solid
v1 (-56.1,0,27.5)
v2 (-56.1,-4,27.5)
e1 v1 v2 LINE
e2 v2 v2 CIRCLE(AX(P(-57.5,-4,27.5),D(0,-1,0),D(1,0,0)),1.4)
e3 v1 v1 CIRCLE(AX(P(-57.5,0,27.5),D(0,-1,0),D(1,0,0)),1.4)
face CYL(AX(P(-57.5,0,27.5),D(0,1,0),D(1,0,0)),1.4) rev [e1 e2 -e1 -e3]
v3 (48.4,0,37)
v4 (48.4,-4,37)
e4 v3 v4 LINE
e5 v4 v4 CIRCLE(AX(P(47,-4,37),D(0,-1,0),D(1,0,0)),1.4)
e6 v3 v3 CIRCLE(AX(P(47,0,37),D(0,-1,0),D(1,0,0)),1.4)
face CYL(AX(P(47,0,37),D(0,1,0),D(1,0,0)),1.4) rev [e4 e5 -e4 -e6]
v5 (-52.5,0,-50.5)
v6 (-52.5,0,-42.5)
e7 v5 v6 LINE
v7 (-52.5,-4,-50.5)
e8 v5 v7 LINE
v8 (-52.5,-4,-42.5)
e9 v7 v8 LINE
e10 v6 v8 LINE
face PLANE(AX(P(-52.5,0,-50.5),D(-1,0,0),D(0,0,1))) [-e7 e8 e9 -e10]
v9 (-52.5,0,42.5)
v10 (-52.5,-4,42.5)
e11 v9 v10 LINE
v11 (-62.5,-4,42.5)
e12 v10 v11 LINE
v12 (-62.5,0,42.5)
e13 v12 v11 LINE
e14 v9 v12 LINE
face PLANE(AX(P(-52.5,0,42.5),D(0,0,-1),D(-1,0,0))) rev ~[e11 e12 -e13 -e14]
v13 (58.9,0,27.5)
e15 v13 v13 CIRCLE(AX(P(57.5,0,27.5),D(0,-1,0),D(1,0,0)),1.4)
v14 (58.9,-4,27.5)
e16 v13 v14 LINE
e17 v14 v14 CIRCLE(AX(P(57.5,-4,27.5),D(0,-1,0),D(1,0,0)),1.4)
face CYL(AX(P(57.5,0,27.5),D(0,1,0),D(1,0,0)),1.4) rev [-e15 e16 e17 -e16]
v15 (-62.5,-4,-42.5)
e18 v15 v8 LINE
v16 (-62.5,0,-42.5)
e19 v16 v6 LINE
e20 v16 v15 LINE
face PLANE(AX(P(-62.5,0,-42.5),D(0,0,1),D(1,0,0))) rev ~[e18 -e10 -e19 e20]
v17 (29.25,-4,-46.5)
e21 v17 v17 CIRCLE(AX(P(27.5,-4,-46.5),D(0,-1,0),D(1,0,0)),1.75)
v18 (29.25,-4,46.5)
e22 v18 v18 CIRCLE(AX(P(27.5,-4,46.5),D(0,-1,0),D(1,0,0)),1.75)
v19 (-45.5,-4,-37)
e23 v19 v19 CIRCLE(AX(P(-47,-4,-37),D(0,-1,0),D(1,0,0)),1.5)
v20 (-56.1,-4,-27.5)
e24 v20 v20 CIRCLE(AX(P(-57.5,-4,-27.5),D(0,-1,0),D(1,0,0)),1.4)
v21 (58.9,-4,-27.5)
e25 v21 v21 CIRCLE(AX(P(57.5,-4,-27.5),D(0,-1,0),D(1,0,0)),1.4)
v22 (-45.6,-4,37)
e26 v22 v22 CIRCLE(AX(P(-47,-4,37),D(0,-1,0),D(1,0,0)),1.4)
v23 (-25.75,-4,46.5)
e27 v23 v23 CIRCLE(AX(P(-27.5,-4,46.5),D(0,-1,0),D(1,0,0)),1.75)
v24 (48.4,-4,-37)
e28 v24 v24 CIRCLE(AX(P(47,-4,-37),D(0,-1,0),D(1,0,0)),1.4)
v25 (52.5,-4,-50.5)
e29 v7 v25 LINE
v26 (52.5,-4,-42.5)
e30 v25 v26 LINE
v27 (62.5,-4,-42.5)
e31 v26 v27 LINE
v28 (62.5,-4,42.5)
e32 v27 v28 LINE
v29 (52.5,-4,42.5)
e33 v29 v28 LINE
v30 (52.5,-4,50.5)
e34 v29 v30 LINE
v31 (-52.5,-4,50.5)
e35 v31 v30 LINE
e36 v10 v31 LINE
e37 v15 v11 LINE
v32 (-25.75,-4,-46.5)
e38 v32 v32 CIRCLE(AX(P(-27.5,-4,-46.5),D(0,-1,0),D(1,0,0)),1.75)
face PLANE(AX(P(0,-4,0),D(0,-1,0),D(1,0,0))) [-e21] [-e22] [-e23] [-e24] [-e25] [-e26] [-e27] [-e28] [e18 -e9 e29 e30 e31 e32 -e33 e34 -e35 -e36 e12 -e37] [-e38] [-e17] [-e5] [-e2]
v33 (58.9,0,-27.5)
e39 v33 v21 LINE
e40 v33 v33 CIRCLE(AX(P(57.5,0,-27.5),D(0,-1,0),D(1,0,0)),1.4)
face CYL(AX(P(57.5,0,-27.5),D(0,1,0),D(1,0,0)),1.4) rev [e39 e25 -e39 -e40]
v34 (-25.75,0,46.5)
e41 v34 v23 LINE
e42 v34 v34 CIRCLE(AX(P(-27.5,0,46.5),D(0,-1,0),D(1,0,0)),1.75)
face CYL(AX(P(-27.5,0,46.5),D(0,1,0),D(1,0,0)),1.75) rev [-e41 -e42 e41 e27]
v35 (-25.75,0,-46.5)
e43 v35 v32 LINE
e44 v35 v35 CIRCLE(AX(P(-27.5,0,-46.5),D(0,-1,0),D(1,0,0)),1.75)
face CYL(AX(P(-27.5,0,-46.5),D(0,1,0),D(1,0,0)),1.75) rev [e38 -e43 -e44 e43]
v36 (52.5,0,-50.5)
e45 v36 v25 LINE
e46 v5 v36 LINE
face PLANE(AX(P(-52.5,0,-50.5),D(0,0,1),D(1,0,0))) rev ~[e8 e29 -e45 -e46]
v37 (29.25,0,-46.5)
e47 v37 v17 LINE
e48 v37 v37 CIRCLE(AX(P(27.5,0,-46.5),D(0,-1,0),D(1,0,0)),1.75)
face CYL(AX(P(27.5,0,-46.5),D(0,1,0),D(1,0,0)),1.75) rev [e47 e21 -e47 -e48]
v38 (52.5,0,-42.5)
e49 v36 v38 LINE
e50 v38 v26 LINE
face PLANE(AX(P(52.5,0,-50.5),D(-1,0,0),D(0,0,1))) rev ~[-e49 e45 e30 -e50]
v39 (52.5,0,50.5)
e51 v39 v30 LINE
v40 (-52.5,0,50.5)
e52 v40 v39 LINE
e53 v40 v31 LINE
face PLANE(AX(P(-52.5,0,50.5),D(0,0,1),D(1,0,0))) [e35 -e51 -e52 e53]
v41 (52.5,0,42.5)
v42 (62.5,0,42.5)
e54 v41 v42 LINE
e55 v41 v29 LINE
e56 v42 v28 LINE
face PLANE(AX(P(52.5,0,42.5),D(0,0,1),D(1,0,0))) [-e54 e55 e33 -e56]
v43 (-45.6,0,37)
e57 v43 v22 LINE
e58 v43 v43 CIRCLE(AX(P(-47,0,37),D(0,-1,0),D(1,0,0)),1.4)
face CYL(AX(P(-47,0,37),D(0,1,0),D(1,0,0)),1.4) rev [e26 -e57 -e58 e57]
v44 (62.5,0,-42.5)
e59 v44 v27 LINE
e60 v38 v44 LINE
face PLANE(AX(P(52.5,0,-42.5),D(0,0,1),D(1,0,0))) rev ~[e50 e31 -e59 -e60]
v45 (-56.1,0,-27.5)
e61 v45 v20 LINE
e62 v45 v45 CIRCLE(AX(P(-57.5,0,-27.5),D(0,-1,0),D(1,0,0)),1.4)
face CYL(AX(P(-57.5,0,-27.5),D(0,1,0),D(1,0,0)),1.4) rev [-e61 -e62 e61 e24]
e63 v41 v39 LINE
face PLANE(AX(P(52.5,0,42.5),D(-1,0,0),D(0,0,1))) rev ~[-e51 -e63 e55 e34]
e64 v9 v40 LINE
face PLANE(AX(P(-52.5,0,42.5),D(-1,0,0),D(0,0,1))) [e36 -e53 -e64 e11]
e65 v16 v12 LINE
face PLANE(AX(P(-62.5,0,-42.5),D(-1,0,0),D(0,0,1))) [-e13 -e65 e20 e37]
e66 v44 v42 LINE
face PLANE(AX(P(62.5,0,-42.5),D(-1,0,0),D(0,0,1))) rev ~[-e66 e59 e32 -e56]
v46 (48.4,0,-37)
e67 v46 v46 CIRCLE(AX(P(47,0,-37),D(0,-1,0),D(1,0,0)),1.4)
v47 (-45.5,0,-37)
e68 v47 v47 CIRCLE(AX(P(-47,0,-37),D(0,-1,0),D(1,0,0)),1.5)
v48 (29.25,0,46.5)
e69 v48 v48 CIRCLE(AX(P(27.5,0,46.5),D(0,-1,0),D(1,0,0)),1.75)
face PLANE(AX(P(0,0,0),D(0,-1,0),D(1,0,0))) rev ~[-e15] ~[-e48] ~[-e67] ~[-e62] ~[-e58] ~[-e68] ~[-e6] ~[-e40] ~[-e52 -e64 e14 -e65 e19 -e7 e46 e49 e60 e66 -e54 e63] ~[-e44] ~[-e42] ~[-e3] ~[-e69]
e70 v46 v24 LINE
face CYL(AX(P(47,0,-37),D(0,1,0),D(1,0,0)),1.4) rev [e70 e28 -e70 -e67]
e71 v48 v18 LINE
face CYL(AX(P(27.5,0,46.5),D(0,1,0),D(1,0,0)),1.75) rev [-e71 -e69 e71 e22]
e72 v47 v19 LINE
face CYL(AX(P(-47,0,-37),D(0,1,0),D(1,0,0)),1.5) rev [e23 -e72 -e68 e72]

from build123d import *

# Parameters (mm, degrees)
F0_W     = 105
F0_H     = 85
F0_R     = 3
F0_W_2   = 10
F0_R_2   = 1.4
F0_H_2   = 8
F0_R_3   = 1.75
F0_R_4   = 1.5
F1_DEPTH = 4


with BuildPart() as f1:
    # F0 (on Front) → F1 (new body)
    with BuildSketch(Plane.XZ):
        Rectangle(F0_W, F0_H)
        with Locations((-47, -37)):
            Circle(F0_R, mode=Mode.SUBTRACT)
        with Locations((47, -37)):
            Circle(F0_R, mode=Mode.SUBTRACT)
        with Locations((-47, 37)):
            Circle(F0_R, mode=Mode.SUBTRACT)
        with Locations((47, 37)):
            Circle(F0_R, mode=Mode.SUBTRACT)
        with Locations((-57.5, 0)):
            Rectangle(F0_W_2, F0_H)
        with Locations((-57.5, -27.5)):
            Circle(F0_R_2, mode=Mode.SUBTRACT)
        with Locations((-57.5, 27.5)):
            Circle(F0_R_2, mode=Mode.SUBTRACT)
        with Locations((0, 46.5)):
            Rectangle(F0_W, F0_H_2)
        with Locations((-27.5, 46.5)):
            Circle(F0_R_3, mode=Mode.SUBTRACT)
        with Locations((27.5, 46.5)):
            Circle(F0_R_3, mode=Mode.SUBTRACT)
        with Locations((57.5, 0)):
            Rectangle(F0_W_2, F0_H)
        with Locations((57.5, -27.5)):
            Circle(F0_R_2, mode=Mode.SUBTRACT)
        with Locations((57.5, 27.5)):
            Circle(F0_R_2, mode=Mode.SUBTRACT)
        with Locations((0, -46.5)):
            Rectangle(F0_W, F0_H_2)
        with Locations((-27.5, -46.5)):
            Circle(F0_R_3, mode=Mode.SUBTRACT)
        with Locations((27.5, -46.5)):
            Circle(F0_R_3, mode=Mode.SUBTRACT)
        with Locations((-47, 37)):
            Circle(F0_R)
        with Locations((-47, 37)):
            Circle(F0_R_2, mode=Mode.SUBTRACT)
        with Locations((47, 37)):
            Circle(F0_R)
        with Locations((47, 37)):
            Circle(F0_R_2, mode=Mode.SUBTRACT)
        with Locations((47, -37)):
            Circle(F0_R)
        with Locations((47, -37)):
            Circle(F0_R_2, mode=Mode.SUBTRACT)
        with Locations((-47, -37)):
            Circle(F0_R)
        with Locations((-47, -37)):
            Circle(F0_R_4, mode=Mode.SUBTRACT)
    extrude(amount=F1_DEPTH)


solid = f1.part
